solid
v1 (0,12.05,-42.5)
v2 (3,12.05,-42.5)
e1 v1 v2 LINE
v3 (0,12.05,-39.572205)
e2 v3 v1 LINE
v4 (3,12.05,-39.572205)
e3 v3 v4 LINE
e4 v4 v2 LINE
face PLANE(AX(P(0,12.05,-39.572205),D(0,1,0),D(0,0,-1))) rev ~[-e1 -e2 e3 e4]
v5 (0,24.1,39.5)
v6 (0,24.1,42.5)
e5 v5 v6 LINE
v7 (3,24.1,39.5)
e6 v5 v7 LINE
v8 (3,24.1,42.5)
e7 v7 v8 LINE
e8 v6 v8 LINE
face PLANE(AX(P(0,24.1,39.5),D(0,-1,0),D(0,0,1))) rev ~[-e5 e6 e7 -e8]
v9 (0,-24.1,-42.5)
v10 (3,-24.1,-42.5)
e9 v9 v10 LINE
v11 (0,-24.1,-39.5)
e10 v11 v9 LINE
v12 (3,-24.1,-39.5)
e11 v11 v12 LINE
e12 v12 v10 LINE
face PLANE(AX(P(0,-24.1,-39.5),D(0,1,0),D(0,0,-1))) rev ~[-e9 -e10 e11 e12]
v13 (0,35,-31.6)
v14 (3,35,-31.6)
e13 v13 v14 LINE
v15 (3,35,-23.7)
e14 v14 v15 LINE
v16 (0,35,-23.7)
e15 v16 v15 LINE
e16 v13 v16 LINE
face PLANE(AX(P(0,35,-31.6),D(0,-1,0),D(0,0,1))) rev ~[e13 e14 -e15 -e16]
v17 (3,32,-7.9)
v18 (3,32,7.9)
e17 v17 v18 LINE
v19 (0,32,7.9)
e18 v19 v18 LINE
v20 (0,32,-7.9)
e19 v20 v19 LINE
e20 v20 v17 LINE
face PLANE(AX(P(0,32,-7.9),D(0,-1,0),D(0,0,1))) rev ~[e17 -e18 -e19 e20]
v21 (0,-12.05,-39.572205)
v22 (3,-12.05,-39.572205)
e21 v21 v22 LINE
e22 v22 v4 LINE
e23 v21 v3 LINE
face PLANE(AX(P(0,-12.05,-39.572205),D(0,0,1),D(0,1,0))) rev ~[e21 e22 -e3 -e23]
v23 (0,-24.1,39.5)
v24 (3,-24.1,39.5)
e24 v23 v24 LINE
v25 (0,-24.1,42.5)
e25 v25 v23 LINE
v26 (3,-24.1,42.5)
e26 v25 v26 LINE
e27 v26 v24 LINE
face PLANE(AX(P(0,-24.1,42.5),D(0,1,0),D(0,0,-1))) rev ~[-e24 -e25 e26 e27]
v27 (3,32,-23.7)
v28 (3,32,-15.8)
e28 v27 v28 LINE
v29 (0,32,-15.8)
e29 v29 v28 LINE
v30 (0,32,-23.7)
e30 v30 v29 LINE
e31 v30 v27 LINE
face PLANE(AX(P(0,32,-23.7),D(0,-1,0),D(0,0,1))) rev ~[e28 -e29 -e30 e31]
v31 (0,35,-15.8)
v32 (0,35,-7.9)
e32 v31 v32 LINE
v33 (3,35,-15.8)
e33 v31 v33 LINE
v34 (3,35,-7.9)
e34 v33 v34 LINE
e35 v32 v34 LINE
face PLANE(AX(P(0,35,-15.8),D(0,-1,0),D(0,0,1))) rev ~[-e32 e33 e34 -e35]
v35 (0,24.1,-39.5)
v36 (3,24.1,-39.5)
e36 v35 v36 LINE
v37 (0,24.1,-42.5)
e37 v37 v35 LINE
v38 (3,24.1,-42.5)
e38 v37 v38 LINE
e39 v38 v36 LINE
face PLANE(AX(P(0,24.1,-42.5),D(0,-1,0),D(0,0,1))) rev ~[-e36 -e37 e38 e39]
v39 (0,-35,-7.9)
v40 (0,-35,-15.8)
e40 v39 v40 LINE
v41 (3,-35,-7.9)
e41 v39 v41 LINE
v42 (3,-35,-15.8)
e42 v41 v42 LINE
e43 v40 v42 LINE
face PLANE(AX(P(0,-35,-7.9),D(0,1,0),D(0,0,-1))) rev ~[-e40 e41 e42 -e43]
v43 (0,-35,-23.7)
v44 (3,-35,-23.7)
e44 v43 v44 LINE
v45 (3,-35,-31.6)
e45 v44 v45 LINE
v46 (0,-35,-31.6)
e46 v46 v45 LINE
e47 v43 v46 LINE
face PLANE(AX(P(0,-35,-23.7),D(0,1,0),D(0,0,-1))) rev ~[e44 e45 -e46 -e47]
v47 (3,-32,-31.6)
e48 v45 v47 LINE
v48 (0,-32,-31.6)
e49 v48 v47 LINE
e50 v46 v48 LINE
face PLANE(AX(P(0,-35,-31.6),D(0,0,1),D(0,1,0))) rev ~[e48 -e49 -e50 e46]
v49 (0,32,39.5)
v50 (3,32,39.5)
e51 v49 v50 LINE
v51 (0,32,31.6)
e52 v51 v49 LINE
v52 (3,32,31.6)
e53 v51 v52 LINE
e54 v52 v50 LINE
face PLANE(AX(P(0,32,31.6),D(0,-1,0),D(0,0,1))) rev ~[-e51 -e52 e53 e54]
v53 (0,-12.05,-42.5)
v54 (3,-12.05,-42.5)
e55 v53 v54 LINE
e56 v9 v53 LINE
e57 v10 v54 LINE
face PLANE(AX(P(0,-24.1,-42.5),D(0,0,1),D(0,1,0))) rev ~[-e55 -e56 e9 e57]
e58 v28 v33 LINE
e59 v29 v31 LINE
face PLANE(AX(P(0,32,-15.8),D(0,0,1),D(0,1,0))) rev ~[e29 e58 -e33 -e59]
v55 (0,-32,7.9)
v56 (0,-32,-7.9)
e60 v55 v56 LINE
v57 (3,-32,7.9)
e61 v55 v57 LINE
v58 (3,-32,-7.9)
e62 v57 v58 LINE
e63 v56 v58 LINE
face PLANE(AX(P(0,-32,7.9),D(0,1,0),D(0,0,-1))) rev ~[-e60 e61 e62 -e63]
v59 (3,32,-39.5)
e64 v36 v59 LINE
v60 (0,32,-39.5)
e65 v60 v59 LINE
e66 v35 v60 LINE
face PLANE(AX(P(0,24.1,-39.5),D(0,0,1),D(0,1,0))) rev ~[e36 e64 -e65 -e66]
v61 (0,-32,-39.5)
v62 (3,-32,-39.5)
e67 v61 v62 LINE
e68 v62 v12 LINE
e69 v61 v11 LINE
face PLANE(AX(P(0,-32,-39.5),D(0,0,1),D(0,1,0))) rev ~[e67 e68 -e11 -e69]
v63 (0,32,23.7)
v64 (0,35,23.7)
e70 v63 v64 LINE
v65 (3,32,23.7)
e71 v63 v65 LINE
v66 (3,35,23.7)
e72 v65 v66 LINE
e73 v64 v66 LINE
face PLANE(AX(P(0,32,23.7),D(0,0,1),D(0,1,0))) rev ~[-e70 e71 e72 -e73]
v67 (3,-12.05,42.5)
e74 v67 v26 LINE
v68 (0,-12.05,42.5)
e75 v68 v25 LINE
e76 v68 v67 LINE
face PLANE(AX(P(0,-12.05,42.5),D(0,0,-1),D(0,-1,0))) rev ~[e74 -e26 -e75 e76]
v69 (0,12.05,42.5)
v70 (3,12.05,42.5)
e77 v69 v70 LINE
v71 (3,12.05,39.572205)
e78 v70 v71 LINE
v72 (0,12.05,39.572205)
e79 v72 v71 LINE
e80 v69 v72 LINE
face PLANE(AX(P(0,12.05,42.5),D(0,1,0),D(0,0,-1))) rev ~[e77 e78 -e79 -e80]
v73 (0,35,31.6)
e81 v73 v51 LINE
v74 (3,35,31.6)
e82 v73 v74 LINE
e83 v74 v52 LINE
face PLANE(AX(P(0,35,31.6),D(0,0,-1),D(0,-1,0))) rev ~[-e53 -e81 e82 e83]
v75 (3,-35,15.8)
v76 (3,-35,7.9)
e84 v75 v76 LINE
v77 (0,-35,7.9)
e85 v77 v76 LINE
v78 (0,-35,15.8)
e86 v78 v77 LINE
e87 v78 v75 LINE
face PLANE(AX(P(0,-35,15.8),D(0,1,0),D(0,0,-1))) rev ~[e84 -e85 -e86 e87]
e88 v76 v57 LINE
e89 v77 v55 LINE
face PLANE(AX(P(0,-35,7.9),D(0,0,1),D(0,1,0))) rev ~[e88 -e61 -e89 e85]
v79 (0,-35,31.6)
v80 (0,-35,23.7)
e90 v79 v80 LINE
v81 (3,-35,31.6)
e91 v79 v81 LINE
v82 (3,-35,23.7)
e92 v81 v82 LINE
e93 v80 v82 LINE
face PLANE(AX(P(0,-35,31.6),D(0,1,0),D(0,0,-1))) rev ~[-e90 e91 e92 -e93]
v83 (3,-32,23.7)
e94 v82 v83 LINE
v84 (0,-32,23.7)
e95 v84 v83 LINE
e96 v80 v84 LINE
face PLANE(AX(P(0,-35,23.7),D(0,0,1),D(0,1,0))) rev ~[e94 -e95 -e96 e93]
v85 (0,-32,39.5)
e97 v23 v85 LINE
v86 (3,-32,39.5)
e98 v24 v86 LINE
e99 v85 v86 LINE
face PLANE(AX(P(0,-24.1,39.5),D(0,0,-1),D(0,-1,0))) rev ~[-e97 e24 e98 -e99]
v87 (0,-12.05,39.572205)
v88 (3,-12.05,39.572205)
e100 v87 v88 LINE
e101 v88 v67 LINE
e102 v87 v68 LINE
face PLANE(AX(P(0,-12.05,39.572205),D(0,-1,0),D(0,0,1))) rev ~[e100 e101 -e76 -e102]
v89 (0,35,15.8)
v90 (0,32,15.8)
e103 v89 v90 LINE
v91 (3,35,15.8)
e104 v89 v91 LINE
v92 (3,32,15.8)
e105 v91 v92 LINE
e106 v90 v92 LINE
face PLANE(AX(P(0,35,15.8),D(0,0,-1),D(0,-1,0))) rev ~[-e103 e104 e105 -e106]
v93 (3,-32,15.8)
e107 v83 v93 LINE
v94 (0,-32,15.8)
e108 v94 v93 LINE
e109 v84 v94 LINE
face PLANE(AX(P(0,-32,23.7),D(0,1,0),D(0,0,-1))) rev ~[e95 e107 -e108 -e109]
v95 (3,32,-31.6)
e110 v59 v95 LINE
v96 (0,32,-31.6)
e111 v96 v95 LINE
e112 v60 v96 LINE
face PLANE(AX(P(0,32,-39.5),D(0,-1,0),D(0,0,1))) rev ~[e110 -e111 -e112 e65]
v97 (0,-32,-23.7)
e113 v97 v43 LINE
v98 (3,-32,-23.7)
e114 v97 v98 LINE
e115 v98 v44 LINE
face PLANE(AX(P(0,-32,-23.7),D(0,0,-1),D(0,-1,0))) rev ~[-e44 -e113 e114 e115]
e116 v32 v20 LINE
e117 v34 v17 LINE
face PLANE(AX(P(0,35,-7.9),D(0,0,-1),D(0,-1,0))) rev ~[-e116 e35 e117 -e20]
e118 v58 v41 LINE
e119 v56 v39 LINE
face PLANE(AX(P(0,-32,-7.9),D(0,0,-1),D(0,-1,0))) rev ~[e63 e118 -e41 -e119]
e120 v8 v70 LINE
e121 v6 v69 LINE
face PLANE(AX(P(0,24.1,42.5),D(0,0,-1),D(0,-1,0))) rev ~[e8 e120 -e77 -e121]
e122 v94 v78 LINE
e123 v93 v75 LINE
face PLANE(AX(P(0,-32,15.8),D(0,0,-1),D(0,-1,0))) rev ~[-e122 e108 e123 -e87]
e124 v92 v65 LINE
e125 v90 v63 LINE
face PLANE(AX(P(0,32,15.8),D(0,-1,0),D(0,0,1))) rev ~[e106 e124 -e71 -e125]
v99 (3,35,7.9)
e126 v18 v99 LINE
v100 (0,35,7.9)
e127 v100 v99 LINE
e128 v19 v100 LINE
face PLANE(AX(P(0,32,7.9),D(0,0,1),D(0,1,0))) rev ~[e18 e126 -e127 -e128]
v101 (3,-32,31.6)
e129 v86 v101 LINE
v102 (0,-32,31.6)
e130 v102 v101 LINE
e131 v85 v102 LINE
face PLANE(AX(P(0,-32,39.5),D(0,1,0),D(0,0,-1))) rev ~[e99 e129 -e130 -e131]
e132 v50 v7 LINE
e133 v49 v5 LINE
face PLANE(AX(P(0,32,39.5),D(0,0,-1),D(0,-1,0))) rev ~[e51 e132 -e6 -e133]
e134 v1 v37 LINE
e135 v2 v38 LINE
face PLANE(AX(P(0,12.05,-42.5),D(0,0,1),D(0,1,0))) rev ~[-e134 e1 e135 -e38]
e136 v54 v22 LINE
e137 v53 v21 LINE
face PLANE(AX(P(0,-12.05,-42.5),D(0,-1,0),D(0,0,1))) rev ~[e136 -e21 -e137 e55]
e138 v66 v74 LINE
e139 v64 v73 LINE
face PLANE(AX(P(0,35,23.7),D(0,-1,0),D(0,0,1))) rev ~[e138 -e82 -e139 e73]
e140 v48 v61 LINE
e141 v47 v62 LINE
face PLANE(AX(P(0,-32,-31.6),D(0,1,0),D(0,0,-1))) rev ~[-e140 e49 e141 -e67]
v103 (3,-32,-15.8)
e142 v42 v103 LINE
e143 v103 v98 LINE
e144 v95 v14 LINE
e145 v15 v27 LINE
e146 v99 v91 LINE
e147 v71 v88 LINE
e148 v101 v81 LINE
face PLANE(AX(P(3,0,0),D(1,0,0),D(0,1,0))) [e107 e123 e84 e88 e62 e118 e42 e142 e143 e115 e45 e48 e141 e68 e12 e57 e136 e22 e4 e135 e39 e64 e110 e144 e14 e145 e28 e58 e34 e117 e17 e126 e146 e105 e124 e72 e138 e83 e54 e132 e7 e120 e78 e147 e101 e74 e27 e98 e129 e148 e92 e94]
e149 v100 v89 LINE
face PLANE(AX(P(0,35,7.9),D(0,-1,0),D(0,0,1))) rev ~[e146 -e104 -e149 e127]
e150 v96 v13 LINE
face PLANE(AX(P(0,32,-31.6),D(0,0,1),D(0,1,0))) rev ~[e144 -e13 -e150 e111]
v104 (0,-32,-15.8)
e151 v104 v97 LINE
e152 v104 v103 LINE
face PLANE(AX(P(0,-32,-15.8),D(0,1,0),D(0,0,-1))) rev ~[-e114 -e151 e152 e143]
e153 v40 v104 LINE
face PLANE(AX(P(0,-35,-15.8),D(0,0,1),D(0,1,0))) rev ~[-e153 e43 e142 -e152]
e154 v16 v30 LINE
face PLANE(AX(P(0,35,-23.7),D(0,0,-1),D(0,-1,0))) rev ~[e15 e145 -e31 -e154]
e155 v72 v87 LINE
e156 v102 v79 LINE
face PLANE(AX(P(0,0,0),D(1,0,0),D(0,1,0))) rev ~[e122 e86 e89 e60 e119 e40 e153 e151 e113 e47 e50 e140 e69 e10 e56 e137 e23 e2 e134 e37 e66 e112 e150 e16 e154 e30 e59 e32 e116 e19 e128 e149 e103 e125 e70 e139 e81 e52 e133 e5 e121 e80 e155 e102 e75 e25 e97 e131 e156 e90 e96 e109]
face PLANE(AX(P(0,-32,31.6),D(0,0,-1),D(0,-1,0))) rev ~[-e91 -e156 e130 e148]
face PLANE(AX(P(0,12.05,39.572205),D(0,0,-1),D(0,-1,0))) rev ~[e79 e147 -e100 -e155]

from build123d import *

# Parameters (mm, degrees)
F1_DEPTH = 3


with BuildPart() as f1:
    # F0 (on Right) → F1 (new body)
    with BuildSketch(Plane.YZ):
        Polygon((-12.05, 42.5), (-24.1, 42.5), (-24.1, 39.5), (-32, 39.5), (-32, 31.6), (-35, 31.6), (-35, 23.7), (-32, 23.7), (-32, 15.8), (-35, 15.8), (-35, 7.9), (-32, 7.9), (-32, 0), (-32, -7.9), (-35, -7.9), (-35, -15.8), (-32, -15.8), (-32, -23.7), (-35, -23.7), (-35, -31.6), (-32, -31.6), (-32, -39.5), (-24.1, -39.5), (-24.1, -42.5), (-12.05, -42.5), (-12.05, -39.572205), (12.05, -39.572205), (12.05, -42.5), (24.1, -42.5), (24.1, -39.5), (32, -39.5), (32, -31.6), (35, -31.6), (35, -23.7), (32, -23.7), (32, -15.8), (35, -15.8), (35, -7.9), (32, -7.9), (32, 0), (32, 7.9), (35, 7.9), (35, 15.8), (32, 15.8), (32, 23.7), (35, 23.7), (35, 31.6), (32, 31.6), (32, 39.5), (24.1, 39.5), (24.1, 42.5), (12.05, 42.5), (12.05, 39.572205), (-12.05, 39.572205), align=None)
    extrude(amount=F1_DEPTH)


solid = f1.part
